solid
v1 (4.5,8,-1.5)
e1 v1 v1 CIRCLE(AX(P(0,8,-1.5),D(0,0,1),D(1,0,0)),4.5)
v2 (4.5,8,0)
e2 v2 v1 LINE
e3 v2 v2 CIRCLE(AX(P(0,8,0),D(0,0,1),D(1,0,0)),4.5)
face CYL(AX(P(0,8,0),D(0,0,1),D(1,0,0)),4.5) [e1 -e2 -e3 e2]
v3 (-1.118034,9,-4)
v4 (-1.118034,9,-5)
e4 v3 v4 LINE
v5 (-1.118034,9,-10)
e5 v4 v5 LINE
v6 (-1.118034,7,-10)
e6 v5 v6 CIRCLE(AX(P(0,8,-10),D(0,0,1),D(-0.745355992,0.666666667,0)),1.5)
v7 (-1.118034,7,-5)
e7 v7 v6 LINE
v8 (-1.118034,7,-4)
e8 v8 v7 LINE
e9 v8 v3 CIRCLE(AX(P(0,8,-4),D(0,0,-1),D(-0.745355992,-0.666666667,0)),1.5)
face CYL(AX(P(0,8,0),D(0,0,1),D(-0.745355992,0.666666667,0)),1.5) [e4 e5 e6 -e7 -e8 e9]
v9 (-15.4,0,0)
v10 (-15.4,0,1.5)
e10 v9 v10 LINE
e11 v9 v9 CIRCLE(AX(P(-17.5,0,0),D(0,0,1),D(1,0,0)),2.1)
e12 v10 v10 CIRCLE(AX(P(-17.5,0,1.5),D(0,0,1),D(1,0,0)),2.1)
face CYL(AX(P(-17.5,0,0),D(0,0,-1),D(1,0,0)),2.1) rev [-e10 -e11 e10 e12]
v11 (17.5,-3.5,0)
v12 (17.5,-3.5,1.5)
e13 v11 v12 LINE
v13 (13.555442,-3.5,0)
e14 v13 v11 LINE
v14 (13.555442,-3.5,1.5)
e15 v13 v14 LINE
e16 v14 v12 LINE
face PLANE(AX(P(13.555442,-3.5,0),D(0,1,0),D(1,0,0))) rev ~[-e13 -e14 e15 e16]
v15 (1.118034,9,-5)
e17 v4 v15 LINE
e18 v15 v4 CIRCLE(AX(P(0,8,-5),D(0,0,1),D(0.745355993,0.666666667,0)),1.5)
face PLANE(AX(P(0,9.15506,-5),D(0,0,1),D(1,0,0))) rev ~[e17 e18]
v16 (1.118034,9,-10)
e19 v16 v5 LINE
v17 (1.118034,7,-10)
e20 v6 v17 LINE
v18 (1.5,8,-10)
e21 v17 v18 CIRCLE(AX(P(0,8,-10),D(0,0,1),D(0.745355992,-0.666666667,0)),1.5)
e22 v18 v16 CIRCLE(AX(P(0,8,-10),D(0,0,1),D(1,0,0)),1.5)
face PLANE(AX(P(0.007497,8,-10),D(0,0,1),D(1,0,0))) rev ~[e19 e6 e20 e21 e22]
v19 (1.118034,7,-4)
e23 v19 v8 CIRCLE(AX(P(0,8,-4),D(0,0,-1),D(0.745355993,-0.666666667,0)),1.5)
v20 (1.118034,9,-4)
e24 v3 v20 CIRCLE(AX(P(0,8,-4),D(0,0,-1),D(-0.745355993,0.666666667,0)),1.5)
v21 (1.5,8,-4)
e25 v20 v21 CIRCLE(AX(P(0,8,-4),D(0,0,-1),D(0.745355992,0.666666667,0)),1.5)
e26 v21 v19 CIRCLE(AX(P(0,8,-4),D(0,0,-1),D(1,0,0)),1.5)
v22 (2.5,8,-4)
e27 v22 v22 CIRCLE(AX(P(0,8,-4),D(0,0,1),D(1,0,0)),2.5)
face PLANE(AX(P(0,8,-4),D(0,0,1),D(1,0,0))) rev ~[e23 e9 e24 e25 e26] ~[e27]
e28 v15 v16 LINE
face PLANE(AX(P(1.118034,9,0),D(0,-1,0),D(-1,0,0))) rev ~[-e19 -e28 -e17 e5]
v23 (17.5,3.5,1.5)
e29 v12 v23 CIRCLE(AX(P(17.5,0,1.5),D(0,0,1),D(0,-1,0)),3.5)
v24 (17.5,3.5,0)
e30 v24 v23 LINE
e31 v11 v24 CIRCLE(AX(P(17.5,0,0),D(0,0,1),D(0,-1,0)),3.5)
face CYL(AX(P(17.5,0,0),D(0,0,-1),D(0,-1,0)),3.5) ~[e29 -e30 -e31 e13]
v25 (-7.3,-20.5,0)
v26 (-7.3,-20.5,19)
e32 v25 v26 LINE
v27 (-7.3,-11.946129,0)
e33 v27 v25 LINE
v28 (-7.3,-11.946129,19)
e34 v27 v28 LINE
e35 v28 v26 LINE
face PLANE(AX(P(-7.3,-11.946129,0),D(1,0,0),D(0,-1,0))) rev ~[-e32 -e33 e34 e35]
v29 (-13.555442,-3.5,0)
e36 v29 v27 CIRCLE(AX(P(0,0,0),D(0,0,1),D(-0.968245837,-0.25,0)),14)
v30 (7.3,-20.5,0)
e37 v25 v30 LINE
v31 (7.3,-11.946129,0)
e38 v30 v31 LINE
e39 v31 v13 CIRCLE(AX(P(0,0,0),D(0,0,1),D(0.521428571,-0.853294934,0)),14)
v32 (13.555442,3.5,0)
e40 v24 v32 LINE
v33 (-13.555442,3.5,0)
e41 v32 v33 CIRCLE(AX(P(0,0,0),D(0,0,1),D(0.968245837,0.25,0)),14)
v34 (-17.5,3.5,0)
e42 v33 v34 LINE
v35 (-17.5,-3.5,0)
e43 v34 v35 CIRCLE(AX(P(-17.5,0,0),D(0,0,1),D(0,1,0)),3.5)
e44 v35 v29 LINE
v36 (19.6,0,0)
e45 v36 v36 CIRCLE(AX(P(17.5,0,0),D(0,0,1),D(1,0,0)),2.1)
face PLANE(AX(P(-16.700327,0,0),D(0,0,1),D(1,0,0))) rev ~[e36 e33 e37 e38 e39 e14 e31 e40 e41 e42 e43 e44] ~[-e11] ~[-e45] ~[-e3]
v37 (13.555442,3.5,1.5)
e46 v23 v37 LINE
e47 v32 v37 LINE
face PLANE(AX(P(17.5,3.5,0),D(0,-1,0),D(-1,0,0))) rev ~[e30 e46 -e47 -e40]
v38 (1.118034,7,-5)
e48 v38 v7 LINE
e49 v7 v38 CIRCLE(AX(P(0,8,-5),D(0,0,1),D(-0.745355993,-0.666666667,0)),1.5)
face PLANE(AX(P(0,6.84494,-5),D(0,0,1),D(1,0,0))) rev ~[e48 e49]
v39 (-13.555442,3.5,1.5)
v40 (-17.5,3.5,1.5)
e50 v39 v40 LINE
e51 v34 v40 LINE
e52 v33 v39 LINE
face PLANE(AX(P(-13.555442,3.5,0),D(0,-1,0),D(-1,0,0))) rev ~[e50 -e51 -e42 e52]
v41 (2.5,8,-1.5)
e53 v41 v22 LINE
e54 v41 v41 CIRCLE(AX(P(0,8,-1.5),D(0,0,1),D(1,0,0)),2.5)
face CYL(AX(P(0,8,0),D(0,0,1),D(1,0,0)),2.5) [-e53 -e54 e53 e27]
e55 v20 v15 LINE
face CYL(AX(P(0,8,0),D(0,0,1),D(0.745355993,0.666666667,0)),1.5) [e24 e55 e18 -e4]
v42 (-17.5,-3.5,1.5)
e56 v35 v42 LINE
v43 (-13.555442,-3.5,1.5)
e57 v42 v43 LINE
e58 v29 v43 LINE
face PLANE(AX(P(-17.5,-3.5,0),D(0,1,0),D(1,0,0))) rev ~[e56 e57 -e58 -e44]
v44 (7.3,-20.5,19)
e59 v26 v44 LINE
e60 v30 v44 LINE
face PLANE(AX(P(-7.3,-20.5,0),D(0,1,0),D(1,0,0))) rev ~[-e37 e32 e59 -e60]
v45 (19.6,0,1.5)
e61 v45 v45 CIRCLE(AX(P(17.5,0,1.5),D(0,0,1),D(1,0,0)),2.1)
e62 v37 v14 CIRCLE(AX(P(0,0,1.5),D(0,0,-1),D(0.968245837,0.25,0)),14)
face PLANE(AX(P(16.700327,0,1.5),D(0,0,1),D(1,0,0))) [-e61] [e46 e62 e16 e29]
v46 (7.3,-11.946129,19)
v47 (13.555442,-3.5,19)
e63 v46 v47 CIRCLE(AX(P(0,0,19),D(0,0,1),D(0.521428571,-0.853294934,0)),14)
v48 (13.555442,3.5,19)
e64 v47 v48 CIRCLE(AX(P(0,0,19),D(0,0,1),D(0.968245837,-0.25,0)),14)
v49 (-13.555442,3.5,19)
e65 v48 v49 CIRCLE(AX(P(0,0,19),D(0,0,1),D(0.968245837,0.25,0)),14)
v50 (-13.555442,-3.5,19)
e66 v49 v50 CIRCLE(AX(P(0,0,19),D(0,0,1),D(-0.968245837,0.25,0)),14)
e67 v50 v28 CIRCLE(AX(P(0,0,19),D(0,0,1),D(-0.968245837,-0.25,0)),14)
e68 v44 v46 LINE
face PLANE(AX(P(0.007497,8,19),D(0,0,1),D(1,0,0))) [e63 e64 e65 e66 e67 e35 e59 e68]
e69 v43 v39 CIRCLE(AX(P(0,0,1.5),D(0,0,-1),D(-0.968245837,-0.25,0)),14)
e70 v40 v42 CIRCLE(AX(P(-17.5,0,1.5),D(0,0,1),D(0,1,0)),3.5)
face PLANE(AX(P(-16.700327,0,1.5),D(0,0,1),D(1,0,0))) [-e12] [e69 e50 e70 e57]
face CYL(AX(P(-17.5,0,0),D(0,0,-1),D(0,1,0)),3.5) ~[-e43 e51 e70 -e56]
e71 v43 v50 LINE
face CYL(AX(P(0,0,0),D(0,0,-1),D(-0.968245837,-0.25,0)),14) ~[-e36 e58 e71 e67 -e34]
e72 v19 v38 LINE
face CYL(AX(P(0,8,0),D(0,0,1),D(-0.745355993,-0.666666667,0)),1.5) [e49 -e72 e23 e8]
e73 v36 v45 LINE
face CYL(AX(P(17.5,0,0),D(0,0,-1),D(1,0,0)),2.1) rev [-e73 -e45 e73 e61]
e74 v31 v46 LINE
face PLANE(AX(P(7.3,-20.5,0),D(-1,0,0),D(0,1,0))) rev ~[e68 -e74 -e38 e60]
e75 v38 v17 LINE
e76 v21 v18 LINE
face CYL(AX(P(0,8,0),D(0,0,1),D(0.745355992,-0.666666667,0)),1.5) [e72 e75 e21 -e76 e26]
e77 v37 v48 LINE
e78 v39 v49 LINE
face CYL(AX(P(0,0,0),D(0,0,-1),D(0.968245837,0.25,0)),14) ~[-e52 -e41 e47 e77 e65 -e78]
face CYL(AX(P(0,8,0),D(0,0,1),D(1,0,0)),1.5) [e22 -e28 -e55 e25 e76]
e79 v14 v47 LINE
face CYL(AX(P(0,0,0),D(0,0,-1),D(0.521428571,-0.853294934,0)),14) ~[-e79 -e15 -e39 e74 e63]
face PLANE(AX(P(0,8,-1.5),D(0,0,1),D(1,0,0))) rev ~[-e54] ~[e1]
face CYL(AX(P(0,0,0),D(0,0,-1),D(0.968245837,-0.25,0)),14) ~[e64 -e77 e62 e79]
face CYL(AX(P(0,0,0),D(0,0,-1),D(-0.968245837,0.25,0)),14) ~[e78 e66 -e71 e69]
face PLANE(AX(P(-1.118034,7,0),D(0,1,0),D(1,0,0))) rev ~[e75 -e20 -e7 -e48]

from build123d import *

# Parameters (mm, degrees)
F0_R          = 4.5
F1_DEPTH      = 19
F0_R_2        = 2.1
F2_DEPTH      = 1.5
F0_R_3        = 2.5
F3_DEPTH      = 1.5
F3_DEPTH_BACK = 19
F4_DEPTH      = 4
F4_DEPTH_BACK = 19
F5_DEPTH      = 10
F5_DEPTH_BACK = 19
F6_DEPTH      = 19
F6_DEPTH_BACK = 5


with BuildPart() as f1:
    # F0 (on Top) → F1 (new body)
    with BuildSketch(Plane.XY):
        with BuildLine():
            ThreePointArc((13.5554417117, 3.5), (0, 14), (-13.5554417117, 3.5))
            ThreePointArc((-13.5554417117, 3.5), (-14, 0), (-13.5554417117, -3.5))
            ThreePointArc((-13.5554417117, -3.5), (-11.250406053, -8.3323684294), (-7.3, -11.9461290802))
            Line((-7.3, -11.9461290802), (-7.3, -20.5))
            Line((-7.3, -20.5), (7.3, -20.5))
            Line((7.3, -20.5), (7.3, -11.9461290802))
            ThreePointArc((7.3, -11.9461290802), (11.250406053, -8.3323684294), (13.5554417117, -3.5))
            ThreePointArc((13.5554417117, -3.5), (14, 0), (13.5554417117, 3.5))
        make_face()
        with Locations((0, 8)):
            Circle(F0_R, mode=Mode.SUBTRACT)
    extrude(amount=F1_DEPTH)

    # F0 (on Top) → F2 (join)
    with BuildSketch(Plane.XY):
        with BuildLine():
            Line((-13.5554417117, 3.5), (-17.5, 3.5))
            ThreePointArc((-17.5, 3.5), (-21, 0), (-17.5, -3.5))
            Line((-17.5, -3.5), (-13.5554417117, -3.5))
            ThreePointArc((-13.5554417117, -3.5), (-14, 0), (-13.5554417117, 3.5))
        make_face()
        with Locations((-17.5, 0)):
            Circle(F0_R_2, mode=Mode.SUBTRACT)
        with BuildLine():
            Line((17.5, 3.5), (13.5554417117, 3.5))
            ThreePointArc((13.5554417117, 3.5), (14, 0), (13.5554417117, -3.5))
            Line((13.5554417117, -3.5), (17.5, -3.5))
            ThreePointArc((17.5, -3.5), (21, 0), (17.5, 3.5))
        make_face()
        with Locations((17.5, 0)):
            Circle(F0_R_2, mode=Mode.SUBTRACT)
    extrude(amount=F2_DEPTH)

    # F0 (on Top) → F3 (join, two sides)
    with BuildSketch(Plane.XY) as f3_sk:
        with Locations((0, 8)):
            Circle(F0_R)
        with Locations((0, 8)):
            Circle(F0_R_3, mode=Mode.SUBTRACT)
    extrude(amount=-F3_DEPTH)
    extrude(f3_sk.sketch, amount=F3_DEPTH_BACK)

    # F0 (on Top) → F4 (join, two sides)
    with BuildSketch(Plane.XY) as f4_sk:
        with Locations((0, 8)):
            Circle(F0_R_3)
        with BuildLine():
            ThreePointArc((1.1180339887, 9), (1.4012585384, 8.5352331347), (1.5, 8))
            ThreePointArc((1.5, 8), (1.4012585384, 7.4647668653), (1.1180339887, 7))
            ThreePointArc((1.1180339887, 7), (0, 6.5), (-1.1180339887, 7))
            ThreePointArc((-1.1180339887, 7), (-1.5, 8), (-1.1180339887, 9))
            ThreePointArc((-1.1180339887, 9), (0, 9.5), (1.1180339887, 9))
        make_face(mode=Mode.SUBTRACT)
    extrude(amount=-F4_DEPTH)
    extrude(f4_sk.sketch, amount=F4_DEPTH_BACK)

    # F0 (on Top) → F5 (join, two sides)
    with BuildSketch(Plane.XY) as f5_sk:
        with BuildLine():
            ThreePointArc((1.1180339887, 7), (1.4012585384, 7.4647668653), (1.5, 8))
            ThreePointArc((1.5, 8), (1.4012585384, 8.5352331347), (1.1180339887, 9))
            Line((1.1180339887, 9), (-1.1180339887, 9))
            ThreePointArc((-1.1180339887, 9), (-1.5, 8), (-1.1180339887, 7))
            Line((-1.1180339887, 7), (1.1180339887, 7))
        make_face()
    extrude(amount=-F5_DEPTH)
    extrude(f5_sk.sketch, amount=F5_DEPTH_BACK)

    # F0 (on Top) → F6 (join, two sides)
    with BuildSketch(Plane.XY) as f6_sk:
        with BuildLine():
            ThreePointArc((-1.1180339887, 7), (0, 6.5), (1.1180339887, 7))
            Line((1.1180339887, 7), (-1.1180339887, 7))
        make_face()
        with BuildLine():
            Line((-1.1180339887, 9), (1.1180339887, 9))
            ThreePointArc((1.1180339887, 9), (0, 9.5), (-1.1180339887, 9))
        make_face()
    extrude(amount=F6_DEPTH)
    extrude(f6_sk.sketch, amount=-F6_DEPTH_BACK)


solid = f1.part
